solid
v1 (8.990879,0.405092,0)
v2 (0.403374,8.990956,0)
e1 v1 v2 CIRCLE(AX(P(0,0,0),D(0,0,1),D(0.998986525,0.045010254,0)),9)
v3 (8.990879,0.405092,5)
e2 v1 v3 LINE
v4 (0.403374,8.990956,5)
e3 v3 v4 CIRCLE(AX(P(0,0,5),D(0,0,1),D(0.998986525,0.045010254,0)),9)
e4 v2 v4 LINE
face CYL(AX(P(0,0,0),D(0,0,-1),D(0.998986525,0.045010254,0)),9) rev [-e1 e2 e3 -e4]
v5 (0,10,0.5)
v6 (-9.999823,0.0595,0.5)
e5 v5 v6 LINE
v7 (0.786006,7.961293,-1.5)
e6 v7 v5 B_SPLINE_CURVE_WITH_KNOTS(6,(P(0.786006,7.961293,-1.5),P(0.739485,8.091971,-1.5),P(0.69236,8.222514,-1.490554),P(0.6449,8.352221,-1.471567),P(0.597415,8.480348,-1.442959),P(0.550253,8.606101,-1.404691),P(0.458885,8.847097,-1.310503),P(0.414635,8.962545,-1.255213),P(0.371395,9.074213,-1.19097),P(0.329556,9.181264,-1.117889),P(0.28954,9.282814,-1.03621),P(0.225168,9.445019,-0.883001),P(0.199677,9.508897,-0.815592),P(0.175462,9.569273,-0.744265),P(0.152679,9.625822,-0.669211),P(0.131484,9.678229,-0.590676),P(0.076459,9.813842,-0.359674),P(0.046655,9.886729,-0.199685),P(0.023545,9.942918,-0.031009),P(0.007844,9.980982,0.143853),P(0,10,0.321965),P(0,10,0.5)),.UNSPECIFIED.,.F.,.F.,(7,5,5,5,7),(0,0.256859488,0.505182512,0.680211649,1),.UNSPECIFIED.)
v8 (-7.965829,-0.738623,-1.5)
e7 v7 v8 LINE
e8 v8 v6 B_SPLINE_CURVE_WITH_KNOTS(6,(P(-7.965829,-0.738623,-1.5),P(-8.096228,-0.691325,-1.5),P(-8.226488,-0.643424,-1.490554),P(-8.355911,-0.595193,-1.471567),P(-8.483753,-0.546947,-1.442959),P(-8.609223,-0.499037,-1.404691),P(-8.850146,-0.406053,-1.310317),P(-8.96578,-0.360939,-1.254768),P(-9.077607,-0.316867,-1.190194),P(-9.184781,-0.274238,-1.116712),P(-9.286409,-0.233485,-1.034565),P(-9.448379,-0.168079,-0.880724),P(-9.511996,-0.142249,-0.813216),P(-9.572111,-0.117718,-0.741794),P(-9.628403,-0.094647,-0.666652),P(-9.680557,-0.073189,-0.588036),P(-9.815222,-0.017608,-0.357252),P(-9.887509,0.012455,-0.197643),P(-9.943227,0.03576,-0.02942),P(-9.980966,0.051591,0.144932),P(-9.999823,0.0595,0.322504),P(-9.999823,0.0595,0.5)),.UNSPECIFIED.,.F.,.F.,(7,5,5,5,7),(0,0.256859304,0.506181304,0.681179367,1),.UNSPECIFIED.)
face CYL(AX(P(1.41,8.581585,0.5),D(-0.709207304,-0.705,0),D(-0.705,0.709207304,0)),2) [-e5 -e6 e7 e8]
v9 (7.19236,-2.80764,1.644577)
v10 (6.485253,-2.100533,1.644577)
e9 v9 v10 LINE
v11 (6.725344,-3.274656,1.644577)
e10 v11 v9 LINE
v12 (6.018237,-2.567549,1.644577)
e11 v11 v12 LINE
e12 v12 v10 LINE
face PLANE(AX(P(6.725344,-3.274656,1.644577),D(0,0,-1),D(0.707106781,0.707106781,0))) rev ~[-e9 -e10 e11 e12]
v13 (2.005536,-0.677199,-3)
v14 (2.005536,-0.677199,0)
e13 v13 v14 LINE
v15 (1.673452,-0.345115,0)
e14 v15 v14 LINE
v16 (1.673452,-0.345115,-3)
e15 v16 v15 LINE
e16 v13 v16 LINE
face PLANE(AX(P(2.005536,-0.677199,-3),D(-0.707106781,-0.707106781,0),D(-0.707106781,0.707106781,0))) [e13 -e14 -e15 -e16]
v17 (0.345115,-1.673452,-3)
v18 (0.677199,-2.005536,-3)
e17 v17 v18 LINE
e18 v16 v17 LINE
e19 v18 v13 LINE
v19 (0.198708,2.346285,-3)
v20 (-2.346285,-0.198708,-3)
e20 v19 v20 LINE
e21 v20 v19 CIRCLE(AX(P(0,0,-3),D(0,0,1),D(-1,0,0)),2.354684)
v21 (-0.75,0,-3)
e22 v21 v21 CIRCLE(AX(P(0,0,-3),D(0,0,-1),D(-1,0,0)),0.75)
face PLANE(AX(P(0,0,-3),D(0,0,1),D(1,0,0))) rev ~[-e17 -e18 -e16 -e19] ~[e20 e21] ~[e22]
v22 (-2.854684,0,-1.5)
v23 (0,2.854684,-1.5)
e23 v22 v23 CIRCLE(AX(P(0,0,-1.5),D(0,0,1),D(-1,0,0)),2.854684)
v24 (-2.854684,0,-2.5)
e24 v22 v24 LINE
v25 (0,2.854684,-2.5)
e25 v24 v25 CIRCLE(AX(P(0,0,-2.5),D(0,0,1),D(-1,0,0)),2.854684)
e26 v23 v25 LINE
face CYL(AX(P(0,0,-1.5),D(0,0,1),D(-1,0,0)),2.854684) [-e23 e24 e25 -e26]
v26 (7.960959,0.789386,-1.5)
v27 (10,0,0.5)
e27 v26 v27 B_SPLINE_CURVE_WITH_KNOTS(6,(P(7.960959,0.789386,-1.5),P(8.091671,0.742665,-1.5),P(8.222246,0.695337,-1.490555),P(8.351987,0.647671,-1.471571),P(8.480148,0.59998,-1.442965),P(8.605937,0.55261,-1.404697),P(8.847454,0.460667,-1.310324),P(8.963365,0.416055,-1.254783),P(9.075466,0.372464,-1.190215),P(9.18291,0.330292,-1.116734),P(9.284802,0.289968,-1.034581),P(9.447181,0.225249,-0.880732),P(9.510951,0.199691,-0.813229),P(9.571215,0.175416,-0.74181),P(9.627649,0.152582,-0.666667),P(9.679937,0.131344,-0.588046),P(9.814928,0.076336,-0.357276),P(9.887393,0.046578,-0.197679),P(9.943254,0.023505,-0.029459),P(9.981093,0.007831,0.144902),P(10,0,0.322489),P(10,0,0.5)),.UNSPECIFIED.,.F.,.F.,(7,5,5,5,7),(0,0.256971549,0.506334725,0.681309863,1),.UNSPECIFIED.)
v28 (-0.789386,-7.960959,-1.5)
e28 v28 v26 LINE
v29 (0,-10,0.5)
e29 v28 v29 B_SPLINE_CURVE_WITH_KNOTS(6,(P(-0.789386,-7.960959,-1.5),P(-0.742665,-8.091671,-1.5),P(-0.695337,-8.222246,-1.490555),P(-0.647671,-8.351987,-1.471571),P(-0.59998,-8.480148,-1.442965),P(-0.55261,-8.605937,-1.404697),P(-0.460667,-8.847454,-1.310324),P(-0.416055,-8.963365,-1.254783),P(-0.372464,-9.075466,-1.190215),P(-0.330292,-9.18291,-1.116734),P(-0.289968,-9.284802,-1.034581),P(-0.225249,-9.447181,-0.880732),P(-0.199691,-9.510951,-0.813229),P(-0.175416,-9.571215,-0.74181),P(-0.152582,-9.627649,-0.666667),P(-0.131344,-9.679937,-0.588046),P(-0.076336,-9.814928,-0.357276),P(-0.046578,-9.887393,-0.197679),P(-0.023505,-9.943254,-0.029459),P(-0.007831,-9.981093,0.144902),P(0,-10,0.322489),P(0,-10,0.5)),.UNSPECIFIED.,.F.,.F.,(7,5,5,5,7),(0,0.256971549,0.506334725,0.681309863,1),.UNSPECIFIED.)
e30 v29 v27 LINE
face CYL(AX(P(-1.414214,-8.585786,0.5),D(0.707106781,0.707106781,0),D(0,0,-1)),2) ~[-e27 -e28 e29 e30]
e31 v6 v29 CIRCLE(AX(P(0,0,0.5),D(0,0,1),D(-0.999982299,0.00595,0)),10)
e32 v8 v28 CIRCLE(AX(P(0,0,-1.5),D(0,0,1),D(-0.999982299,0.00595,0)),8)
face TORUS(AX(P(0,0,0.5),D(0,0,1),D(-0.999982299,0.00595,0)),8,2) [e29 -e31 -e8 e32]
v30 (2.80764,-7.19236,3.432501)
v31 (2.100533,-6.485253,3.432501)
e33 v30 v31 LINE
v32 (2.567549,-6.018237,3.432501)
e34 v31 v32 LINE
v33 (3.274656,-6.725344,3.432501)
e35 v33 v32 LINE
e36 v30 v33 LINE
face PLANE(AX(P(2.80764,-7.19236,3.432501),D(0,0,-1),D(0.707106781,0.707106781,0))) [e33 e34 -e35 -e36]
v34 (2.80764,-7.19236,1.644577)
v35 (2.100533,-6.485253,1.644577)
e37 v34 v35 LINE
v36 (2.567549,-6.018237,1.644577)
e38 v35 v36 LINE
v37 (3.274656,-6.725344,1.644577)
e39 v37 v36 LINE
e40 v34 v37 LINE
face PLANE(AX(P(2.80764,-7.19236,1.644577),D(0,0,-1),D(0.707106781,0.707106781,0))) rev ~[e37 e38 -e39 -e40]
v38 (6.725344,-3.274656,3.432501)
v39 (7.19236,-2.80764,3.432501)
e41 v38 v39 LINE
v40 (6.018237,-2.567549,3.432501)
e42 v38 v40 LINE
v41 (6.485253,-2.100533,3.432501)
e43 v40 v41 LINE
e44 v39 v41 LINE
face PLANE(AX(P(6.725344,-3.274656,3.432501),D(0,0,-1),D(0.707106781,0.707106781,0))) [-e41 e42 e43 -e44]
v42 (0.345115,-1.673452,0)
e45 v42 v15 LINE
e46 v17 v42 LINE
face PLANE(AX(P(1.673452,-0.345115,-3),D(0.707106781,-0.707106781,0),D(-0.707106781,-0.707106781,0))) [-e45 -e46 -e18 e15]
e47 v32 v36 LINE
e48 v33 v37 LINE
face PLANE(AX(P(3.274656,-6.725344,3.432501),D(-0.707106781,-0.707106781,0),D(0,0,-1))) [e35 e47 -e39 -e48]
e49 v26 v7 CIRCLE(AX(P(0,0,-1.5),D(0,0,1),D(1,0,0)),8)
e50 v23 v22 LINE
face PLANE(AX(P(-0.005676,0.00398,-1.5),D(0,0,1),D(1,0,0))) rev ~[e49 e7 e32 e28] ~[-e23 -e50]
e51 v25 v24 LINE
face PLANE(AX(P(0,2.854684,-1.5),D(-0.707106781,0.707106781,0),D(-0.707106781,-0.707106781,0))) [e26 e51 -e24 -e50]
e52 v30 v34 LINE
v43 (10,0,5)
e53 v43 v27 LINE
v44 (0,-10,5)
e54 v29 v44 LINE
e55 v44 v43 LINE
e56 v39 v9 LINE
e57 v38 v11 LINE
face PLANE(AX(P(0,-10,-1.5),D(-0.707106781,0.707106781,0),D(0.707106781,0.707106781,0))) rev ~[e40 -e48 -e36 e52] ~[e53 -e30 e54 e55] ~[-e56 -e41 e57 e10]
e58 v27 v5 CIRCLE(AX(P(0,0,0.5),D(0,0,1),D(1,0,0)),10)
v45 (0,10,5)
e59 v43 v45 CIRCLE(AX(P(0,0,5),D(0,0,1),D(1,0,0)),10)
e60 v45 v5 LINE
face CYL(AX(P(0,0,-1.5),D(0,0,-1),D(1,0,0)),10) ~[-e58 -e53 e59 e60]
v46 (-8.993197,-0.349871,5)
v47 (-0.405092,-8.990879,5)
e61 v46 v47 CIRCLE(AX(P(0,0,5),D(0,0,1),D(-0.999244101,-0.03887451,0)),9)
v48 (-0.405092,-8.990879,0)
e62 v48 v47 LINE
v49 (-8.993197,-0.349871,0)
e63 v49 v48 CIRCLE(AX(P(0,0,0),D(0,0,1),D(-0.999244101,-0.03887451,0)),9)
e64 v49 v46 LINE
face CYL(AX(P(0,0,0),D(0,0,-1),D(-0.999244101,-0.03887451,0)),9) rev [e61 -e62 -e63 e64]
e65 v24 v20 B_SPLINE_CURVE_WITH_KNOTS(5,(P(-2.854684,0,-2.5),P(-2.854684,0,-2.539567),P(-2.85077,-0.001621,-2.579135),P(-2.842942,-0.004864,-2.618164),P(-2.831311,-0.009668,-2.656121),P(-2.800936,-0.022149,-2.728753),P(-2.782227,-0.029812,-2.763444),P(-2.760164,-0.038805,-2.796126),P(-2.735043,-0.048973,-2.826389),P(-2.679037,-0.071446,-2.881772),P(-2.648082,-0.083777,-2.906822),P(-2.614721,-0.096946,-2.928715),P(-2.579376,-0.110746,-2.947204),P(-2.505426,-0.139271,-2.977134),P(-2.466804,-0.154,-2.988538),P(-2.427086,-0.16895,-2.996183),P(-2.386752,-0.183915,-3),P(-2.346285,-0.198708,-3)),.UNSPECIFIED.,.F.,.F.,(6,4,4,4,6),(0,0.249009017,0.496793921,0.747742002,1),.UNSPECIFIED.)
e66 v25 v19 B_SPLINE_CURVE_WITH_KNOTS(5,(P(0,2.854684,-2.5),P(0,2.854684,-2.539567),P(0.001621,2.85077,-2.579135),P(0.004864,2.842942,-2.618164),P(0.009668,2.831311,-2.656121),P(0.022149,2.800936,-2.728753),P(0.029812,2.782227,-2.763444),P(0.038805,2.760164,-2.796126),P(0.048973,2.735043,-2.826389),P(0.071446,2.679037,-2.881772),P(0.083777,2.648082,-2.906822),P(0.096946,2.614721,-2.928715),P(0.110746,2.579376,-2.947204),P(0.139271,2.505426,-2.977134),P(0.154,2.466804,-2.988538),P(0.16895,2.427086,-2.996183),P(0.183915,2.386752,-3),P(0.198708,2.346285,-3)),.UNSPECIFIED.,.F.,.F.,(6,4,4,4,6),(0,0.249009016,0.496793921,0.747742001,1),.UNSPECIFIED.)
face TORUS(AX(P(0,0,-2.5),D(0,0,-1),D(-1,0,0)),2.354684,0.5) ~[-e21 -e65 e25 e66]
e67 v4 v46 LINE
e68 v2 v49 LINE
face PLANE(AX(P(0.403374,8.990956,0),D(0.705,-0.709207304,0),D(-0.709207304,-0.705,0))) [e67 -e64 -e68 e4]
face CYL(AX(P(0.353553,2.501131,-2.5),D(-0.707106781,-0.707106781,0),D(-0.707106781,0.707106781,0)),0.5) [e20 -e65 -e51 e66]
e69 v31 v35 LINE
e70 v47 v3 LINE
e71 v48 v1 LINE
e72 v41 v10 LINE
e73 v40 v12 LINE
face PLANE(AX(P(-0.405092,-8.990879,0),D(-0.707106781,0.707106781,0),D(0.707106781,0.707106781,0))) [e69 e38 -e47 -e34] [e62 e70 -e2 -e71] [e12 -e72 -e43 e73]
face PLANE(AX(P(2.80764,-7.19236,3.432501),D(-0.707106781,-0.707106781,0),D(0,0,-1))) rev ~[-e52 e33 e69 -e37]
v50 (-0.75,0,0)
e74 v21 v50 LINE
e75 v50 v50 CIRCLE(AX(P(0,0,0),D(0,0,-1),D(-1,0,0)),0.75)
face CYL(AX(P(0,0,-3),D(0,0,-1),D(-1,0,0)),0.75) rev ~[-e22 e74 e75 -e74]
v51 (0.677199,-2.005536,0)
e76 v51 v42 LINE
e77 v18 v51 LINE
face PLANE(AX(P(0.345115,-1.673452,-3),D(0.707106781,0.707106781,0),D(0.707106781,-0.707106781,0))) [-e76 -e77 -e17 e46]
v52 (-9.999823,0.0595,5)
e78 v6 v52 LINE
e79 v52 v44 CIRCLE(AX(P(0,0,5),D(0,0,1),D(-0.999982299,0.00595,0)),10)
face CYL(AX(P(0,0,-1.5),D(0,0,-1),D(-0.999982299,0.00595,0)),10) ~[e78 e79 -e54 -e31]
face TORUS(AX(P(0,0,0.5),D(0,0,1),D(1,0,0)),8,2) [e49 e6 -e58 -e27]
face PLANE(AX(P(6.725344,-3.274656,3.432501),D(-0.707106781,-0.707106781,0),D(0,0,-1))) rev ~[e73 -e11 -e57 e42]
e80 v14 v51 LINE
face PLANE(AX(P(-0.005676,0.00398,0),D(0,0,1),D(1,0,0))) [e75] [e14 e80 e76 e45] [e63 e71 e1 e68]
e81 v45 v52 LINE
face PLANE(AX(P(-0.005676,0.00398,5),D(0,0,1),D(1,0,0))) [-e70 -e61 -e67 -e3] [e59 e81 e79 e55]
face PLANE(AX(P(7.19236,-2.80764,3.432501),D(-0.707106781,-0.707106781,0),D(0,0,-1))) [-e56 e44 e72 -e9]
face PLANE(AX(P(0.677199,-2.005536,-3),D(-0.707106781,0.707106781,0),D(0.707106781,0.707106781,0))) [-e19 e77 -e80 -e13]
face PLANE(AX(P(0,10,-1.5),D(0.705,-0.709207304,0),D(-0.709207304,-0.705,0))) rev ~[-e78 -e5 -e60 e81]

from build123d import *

# Parameters (mm, degrees)
BOSS_EXTRUDE1_DEPTH = 5
BOSS_EXTRUDE2_START = 1.5
BOSS_EXTRUDE2_DEPTH = 1.5
FILLET1_R           = 2
BOSS_EXTRUDE3_DEPTH = 1.5
SKETCH4_R           = 0.75
CUT_EXTRUDE1_DEPTH  = 17.248076932
SKETCH5_W           = 1.787924943
SKETCH5_H           = 0.660460042
CUT_EXTRUDE2_DEPTH  = 1
FILLET2_R           = 0.5


with BuildPart() as part:
    # Sketch1 → Boss-Extrude1 (new body)
    with BuildSketch(Plane.XY):
        with BuildLine():
            Line((0, 10), (-9.999822986, 0.0595))
            ThreePointArc((-9.999822986, 0.0595), (-7.09207304, -7.05), (0, -10))
            Line((0, -10), (10, 0))
            ThreePointArc((10, 0), (7.071067812, 7.071067812), (0, 10))
        make_face()
        with BuildLine():
            Line((0.403373919, 8.990955983), (-8.993196905, -0.349870591))
            ThreePointArc((-8.993196905, -0.349870591), (-6.383472043, -6.344390016), (-0.405092287, -8.990878725))
            Line((-0.405092287, -8.990878725), (8.990878725, 0.405092287))
            ThreePointArc((8.990878725, 0.405092287), (6.363352853, 6.36456915), (0.403373919, 8.990955983))
        make_face(mode=Mode.SUBTRACT)
    extrude(amount=BOSS_EXTRUDE1_DEPTH)

    # Sketch2 → Boss-Extrude2 (add)
    with BuildSketch(Plane(origin=(0, 0, 0), x_dir=(-1, 0, 0), z_dir=(0, 0, -1)).offset(BOSS_EXTRUDE2_START)):
        with BuildLine():
            Line((0, 10), (9.999822986, 0.0595))
            ThreePointArc((9.999822986, 0.0595), (7.09207304, -7.05), (0, -10))
            Line((0, -10), (-10, 0))
            ThreePointArc((-10, 0), (-7.071067812, 7.071067812), (0, 10))
        make_face()
    extrude(amount=-BOSS_EXTRUDE2_DEPTH)

    # Fillet1
    fillet1_edges = [part.edges().sort_by_distance(p)[0] for p in [
        (7.071067812, 7.071067812, -1.5),
        (5, -5, -1.5),
        (-7.09207304, -7.05, -1.5),
        (-4.999911493, 5.02975, -1.5),
    ]]
    fillet(fillet1_edges, radius=FILLET1_R)

    # Sketch3 → Boss-Extrude3 (add)
    with BuildSketch(Plane(origin=(0, 0, -1.5), x_dir=(-1, 0, 0), z_dir=(0, 0, -1))):
        with BuildLine():
            Line((0, 2.854684063), (2.854684063, 0))
            ThreePointArc((2.854684063, 0), (-2.018566459, -2.018566459), (0, 2.854684063))
        make_face()
    extrude(amount=BOSS_EXTRUDE3_DEPTH)

    # Sketch4 → Cut-Extrude1 (cut, through all)
    with BuildSketch(Plane(origin=(0, 0, -3), x_dir=(-1, 0, 0), z_dir=(0, 0, -1))):
        Circle(SKETCH4_R)
        Polygon((-1.673451771, -0.345114688), (-0.345114688, -1.673451771), (-0.677198959, -2.005536042), (-2.005536042, -0.677198959), align=None)
    extrude(amount=-CUT_EXTRUDE1_DEPTH, mode=Mode.SUBTRACT)

    # Sketch5 → Cut-Extrude2 (cut)
    with BuildSketch(Plane(origin=(5, -5, 0), x_dir=(0, 0, -1), z_dir=(0.7071067811865477, -0.7071067811865475, 0))):
        with Locations((-2.538538979, -2.770235161)):
            Rectangle(SKETCH5_W, SKETCH5_H)
        with Locations((-2.538538979, 2.770235161)):
            Rectangle(SKETCH5_W, SKETCH5_H)
    extrude(amount=-CUT_EXTRUDE2_DEPTH, mode=Mode.SUBTRACT)

    # Fillet2
    fillet2_edges = [part.edges().sort_by_distance(p)[0] for p in [
        (2.018566459, -2.018566459, -3),
        (-1.427342031, 1.427342031, -3),
    ]]
    fillet(fillet2_edges, radius=FILLET2_R)


solid = part.part
